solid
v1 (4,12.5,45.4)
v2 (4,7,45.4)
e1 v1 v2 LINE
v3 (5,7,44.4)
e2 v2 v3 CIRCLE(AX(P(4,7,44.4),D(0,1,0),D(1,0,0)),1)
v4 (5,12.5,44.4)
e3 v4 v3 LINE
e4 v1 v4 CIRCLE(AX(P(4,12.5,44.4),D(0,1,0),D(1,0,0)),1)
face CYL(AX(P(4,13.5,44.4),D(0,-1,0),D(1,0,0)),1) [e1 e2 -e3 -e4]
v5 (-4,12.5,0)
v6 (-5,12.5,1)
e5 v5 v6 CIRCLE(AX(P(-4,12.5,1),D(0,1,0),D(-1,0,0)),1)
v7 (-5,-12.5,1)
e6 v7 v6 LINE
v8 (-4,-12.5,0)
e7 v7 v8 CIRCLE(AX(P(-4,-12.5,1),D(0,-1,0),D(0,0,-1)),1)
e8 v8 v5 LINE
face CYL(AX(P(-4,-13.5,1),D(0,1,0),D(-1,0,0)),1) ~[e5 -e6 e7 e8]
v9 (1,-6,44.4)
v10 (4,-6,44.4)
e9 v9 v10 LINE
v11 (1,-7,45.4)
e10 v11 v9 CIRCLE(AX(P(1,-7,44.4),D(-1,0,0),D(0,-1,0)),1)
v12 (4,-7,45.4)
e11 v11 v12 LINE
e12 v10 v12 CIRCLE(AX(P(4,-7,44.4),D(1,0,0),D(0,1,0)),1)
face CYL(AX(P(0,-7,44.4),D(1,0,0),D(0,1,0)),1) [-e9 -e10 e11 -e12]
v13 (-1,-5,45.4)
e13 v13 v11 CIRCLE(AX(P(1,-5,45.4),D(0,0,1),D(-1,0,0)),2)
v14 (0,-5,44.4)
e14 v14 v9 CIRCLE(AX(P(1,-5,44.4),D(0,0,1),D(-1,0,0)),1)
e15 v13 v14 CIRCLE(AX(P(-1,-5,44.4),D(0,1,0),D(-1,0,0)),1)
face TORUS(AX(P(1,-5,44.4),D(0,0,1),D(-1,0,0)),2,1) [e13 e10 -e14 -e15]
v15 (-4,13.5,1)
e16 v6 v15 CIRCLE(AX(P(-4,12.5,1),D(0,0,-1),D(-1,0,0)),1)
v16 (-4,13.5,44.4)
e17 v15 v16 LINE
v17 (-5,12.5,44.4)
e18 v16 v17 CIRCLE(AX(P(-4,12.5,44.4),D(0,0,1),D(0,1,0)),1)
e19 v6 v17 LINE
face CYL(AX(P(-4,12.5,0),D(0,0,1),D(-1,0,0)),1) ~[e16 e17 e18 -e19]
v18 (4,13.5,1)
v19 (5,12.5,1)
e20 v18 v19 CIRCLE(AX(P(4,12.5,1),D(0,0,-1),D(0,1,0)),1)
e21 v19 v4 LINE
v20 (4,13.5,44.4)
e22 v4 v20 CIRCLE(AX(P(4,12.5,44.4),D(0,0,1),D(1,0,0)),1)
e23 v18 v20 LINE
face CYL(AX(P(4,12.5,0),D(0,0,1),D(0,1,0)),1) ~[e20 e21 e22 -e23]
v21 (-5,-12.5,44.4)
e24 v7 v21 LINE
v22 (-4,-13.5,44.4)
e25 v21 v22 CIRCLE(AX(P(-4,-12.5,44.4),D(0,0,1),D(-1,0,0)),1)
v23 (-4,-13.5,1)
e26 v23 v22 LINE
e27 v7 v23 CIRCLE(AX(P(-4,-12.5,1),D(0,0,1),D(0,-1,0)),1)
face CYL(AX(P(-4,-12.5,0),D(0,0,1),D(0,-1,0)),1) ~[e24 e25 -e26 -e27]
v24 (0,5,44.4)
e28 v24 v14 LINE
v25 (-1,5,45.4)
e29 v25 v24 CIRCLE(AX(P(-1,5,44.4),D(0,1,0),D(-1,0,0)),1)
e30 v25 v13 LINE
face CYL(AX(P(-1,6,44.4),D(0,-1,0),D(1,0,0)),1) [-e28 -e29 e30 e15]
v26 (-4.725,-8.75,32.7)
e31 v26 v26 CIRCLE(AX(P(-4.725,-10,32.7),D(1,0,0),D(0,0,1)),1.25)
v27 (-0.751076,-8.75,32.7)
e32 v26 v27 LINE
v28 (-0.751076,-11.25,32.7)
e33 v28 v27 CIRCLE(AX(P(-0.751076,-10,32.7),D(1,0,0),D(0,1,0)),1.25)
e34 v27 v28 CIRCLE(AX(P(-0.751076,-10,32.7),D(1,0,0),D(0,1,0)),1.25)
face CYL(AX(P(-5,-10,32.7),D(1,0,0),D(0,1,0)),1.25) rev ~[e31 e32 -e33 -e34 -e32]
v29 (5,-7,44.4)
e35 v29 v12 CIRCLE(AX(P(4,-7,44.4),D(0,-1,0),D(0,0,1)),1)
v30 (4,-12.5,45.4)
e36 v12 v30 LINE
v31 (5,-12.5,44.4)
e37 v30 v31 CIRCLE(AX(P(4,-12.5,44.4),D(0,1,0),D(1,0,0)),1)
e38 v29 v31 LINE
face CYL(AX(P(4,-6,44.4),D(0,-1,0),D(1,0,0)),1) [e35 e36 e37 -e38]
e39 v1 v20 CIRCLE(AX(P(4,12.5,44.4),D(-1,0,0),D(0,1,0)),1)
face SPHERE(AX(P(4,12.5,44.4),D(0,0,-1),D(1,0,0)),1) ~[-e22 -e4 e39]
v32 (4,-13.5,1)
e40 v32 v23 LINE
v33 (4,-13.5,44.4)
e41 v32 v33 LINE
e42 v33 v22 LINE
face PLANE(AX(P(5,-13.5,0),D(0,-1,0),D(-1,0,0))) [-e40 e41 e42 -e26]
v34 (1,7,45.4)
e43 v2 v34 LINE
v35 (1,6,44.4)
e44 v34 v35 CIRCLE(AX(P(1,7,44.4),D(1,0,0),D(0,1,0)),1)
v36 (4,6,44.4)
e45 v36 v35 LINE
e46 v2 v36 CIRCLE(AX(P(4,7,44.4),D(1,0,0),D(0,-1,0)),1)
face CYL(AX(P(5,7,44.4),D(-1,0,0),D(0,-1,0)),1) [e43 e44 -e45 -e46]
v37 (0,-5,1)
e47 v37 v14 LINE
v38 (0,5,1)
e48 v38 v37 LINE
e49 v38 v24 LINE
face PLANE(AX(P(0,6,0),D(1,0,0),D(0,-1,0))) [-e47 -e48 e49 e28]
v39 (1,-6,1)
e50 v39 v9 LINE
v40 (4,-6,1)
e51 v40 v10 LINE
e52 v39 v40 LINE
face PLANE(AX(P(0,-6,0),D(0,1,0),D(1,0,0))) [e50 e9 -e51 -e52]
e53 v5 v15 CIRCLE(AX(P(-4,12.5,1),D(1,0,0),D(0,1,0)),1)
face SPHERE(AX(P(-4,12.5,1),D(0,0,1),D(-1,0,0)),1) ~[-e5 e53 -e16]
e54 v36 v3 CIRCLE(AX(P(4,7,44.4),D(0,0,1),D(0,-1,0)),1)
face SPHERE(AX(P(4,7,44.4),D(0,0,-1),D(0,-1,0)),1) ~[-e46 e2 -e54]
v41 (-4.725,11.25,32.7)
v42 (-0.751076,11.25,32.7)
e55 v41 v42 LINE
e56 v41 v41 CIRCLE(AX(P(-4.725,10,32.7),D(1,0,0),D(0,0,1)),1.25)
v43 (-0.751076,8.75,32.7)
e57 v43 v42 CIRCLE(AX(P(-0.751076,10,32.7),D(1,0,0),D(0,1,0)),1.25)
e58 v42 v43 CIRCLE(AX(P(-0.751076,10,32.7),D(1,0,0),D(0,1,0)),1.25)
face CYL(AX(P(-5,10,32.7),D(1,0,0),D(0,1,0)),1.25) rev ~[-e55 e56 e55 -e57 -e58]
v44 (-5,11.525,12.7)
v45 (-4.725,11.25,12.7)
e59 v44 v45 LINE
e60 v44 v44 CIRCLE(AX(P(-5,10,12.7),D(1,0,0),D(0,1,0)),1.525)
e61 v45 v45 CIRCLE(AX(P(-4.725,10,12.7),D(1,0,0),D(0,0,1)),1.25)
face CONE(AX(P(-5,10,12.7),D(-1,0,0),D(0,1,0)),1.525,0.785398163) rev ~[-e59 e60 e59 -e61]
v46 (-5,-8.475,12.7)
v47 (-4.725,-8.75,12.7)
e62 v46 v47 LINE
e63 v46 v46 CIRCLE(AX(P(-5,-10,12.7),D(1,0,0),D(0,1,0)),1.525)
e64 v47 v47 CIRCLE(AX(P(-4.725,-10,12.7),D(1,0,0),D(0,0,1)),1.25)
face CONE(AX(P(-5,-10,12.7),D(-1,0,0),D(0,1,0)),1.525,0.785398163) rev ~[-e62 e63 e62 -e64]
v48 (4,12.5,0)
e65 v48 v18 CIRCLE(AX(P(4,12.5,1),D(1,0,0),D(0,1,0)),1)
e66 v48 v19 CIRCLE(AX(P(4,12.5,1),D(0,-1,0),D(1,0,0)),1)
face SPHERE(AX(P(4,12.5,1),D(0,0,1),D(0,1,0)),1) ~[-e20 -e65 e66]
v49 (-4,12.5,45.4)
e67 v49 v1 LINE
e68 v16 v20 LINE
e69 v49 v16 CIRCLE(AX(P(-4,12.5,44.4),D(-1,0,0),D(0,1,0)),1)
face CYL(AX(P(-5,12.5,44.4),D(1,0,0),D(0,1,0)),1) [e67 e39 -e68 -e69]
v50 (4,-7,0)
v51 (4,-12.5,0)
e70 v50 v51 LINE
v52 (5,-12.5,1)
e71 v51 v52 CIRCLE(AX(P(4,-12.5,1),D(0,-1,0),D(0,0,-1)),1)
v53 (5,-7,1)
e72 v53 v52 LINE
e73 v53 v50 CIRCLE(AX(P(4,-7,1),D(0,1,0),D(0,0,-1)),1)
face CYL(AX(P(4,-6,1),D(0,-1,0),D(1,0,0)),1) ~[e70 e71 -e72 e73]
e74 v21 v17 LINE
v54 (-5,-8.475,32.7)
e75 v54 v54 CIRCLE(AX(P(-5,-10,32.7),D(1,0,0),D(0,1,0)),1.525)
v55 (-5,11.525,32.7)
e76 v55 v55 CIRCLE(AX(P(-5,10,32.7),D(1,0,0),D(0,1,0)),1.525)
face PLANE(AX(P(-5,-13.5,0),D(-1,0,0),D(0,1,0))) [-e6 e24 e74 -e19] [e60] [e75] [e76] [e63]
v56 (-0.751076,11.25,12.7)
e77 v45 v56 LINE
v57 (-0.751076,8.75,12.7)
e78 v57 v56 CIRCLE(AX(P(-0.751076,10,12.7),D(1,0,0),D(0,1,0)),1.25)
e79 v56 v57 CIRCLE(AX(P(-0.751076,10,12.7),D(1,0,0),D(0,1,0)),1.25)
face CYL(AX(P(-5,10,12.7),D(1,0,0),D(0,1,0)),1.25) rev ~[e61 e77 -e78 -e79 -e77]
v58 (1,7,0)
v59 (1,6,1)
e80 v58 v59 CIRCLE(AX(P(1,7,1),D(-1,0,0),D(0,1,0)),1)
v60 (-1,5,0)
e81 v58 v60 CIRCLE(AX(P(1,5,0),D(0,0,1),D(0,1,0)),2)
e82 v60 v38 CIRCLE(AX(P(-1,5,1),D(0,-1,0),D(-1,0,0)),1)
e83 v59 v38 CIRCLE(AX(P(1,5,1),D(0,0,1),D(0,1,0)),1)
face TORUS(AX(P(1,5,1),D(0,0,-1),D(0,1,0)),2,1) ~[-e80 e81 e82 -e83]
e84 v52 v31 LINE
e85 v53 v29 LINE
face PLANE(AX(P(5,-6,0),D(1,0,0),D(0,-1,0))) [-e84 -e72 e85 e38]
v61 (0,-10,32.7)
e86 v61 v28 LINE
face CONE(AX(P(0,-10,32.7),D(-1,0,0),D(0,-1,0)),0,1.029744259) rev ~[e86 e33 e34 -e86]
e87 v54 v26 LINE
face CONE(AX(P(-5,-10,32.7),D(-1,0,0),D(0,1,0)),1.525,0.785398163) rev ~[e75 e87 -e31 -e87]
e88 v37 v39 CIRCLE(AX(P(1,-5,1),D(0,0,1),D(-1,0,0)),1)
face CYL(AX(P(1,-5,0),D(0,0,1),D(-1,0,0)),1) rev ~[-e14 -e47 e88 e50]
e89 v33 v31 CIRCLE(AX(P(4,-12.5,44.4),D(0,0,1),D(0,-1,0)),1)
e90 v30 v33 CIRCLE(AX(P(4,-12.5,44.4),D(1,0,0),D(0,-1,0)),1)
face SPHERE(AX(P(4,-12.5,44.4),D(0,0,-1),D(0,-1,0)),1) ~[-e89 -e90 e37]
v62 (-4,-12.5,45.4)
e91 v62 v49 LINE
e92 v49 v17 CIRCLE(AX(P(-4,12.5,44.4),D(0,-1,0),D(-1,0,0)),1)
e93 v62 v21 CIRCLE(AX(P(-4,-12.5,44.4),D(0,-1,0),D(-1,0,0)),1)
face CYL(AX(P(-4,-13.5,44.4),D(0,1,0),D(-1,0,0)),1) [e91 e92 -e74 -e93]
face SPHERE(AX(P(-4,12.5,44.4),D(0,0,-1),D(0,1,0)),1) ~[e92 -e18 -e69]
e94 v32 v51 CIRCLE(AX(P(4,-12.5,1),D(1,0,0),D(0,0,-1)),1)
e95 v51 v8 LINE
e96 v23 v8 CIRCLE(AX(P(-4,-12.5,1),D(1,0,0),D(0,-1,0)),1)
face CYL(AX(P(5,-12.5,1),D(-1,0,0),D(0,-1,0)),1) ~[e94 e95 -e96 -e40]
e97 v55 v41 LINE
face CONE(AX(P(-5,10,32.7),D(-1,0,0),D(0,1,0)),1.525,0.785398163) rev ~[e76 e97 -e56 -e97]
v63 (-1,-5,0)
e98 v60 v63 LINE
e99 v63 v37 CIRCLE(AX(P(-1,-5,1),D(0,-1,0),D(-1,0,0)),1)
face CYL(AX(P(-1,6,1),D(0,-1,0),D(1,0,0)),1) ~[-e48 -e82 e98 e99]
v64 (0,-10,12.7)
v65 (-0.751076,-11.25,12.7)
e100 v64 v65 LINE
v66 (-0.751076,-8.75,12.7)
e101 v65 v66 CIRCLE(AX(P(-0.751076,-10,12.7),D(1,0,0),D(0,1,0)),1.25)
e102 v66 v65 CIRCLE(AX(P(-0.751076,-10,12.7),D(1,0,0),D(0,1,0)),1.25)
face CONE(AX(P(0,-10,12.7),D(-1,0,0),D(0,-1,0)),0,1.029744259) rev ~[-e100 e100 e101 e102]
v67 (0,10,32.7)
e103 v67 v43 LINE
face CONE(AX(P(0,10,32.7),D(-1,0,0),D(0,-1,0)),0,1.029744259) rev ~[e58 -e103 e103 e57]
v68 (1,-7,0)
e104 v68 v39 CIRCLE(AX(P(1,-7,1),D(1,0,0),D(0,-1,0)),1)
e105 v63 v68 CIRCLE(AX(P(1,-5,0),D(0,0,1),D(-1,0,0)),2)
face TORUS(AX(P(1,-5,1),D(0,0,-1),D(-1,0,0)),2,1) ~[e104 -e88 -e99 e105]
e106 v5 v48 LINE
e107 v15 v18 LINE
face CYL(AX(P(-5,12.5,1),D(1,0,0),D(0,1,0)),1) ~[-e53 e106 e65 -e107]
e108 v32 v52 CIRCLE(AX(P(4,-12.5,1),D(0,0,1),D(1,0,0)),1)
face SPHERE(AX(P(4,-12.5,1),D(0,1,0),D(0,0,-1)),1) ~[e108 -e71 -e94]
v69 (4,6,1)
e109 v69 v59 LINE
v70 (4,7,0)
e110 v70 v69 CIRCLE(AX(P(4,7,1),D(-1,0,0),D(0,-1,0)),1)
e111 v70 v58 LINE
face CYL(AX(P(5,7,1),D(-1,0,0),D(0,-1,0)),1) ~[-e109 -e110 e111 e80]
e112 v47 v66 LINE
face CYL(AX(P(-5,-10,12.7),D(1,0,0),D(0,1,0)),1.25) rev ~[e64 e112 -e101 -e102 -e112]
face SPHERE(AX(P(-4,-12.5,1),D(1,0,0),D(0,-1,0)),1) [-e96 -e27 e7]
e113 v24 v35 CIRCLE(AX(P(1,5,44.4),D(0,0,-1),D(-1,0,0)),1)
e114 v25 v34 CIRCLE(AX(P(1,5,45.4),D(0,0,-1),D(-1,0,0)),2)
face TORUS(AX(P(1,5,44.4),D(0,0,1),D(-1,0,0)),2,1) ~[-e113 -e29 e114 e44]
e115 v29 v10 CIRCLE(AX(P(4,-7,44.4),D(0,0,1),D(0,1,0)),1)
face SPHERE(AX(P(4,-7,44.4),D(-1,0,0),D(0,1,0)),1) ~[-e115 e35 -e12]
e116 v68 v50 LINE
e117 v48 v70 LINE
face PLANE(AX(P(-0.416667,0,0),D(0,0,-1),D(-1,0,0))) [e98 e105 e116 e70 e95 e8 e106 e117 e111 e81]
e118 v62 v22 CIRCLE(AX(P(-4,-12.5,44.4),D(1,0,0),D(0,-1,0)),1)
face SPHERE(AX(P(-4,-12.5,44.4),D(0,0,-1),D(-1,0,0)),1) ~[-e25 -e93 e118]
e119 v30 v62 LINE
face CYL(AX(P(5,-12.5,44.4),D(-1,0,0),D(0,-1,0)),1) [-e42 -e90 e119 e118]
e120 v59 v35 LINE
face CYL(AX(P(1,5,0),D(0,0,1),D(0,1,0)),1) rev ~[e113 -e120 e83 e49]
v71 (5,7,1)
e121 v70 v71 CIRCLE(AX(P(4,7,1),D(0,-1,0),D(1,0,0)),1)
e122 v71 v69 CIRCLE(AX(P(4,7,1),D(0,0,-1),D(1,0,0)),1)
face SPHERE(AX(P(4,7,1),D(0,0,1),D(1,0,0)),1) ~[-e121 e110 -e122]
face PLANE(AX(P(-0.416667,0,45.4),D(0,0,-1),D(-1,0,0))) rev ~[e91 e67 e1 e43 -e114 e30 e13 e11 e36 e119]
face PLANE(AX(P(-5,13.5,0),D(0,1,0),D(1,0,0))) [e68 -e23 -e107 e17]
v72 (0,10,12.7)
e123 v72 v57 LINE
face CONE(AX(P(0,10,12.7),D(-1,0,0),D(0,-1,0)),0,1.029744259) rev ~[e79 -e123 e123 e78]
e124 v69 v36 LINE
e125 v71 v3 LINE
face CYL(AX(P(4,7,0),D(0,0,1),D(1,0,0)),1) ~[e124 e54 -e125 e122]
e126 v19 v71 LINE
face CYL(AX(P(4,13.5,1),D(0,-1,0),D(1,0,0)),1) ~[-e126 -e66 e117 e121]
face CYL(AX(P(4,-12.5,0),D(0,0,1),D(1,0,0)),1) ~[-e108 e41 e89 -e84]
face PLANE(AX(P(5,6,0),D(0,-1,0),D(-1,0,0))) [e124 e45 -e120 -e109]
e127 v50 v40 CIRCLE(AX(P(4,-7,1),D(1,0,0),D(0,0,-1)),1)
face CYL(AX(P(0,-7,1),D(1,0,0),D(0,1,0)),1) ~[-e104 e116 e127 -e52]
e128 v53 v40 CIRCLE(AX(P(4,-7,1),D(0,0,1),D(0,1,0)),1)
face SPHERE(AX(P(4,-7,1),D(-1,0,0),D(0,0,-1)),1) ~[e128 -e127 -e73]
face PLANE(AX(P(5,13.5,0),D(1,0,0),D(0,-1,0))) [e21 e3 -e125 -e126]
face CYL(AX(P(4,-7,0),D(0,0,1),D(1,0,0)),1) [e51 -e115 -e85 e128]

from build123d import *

# Parameters (mm, degrees)
BOSS_EXTRUDE1_DEPTH         = 45.4
FILLET1_R                   = 1
M3_TAPPED_HOLE2_D           = 2.5
M3_TAPPED_HOLE2_DEPTH       = 4.248924226
M3_TAPPED_HOLE2_CSINK_D     = 3.05
M3_TAPPED_HOLE2_CSINK_ANGLE = 90
M3_TAPPED_HOLE2_TIP         = 0.751075774


with BuildPart() as part:
    # Sketch1 → Boss-Extrude1 (new body)
    with BuildSketch(Plane.XY):
        Polygon((5, -6), (5, -13.5), (-5, -13.5), (-5, 13.5), (5, 13.5), (5, 6), (0, 6), (0, -6), align=None)
    extrude(amount=BOSS_EXTRUDE1_DEPTH)

    # Fillet1
    fillet1_edges = [part.edges().sort_by_distance(p)[0] for p in [
        (0, 0, 0),
        (2.5, -6, 0),
        (5, -9.75, 0),
        (0, -13.5, 0),
        (2.5, -6, 45.4),
        (-5, -13.5, 22.7),
        (-5, 13.5, 22.7),
        (5, 13.5, 22.7),
        (5, 6, 22.7),
        (0, 6, 22.7),
        (0, -6, 22.7),
        (5, -6, 22.7),
        (5, -13.5, 22.7),
        (0, 0, 45.4),
        (2.5, 6, 45.4),
        (5, 9.75, 45.4),
        (0, 13.5, 45.4),
        (-5, 0, 45.4),
        (0, -13.5, 45.4),
        (-5, 0, 0),
        (5, -9.75, 45.4),
        (0, 13.5, 0),
        (5, 9.75, 0),
        (2.5, 6, 0),
    ]]
    fillet(fillet1_edges, radius=FILLET1_R)

    # M3 Tapped Hole2
    with Locations(Plane(origin=(-5, 10, 12.7), x_dir=(0, -1, 0), z_dir=(-1, 0, 0))):
        with Locations((0, 0), (0, 20), (20, 20), (20, 0)):
            CounterSinkHole(M3_TAPPED_HOLE2_D / 2, M3_TAPPED_HOLE2_CSINK_D / 2, depth=M3_TAPPED_HOLE2_DEPTH, counter_sink_angle=M3_TAPPED_HOLE2_CSINK_ANGLE)
            with Locations((0, 0, -(M3_TAPPED_HOLE2_DEPTH + M3_TAPPED_HOLE2_TIP / 2))):  # 118° drill point
                Cone(0, M3_TAPPED_HOLE2_D / 2, M3_TAPPED_HOLE2_TIP, mode=Mode.SUBTRACT)


solid = part.part
